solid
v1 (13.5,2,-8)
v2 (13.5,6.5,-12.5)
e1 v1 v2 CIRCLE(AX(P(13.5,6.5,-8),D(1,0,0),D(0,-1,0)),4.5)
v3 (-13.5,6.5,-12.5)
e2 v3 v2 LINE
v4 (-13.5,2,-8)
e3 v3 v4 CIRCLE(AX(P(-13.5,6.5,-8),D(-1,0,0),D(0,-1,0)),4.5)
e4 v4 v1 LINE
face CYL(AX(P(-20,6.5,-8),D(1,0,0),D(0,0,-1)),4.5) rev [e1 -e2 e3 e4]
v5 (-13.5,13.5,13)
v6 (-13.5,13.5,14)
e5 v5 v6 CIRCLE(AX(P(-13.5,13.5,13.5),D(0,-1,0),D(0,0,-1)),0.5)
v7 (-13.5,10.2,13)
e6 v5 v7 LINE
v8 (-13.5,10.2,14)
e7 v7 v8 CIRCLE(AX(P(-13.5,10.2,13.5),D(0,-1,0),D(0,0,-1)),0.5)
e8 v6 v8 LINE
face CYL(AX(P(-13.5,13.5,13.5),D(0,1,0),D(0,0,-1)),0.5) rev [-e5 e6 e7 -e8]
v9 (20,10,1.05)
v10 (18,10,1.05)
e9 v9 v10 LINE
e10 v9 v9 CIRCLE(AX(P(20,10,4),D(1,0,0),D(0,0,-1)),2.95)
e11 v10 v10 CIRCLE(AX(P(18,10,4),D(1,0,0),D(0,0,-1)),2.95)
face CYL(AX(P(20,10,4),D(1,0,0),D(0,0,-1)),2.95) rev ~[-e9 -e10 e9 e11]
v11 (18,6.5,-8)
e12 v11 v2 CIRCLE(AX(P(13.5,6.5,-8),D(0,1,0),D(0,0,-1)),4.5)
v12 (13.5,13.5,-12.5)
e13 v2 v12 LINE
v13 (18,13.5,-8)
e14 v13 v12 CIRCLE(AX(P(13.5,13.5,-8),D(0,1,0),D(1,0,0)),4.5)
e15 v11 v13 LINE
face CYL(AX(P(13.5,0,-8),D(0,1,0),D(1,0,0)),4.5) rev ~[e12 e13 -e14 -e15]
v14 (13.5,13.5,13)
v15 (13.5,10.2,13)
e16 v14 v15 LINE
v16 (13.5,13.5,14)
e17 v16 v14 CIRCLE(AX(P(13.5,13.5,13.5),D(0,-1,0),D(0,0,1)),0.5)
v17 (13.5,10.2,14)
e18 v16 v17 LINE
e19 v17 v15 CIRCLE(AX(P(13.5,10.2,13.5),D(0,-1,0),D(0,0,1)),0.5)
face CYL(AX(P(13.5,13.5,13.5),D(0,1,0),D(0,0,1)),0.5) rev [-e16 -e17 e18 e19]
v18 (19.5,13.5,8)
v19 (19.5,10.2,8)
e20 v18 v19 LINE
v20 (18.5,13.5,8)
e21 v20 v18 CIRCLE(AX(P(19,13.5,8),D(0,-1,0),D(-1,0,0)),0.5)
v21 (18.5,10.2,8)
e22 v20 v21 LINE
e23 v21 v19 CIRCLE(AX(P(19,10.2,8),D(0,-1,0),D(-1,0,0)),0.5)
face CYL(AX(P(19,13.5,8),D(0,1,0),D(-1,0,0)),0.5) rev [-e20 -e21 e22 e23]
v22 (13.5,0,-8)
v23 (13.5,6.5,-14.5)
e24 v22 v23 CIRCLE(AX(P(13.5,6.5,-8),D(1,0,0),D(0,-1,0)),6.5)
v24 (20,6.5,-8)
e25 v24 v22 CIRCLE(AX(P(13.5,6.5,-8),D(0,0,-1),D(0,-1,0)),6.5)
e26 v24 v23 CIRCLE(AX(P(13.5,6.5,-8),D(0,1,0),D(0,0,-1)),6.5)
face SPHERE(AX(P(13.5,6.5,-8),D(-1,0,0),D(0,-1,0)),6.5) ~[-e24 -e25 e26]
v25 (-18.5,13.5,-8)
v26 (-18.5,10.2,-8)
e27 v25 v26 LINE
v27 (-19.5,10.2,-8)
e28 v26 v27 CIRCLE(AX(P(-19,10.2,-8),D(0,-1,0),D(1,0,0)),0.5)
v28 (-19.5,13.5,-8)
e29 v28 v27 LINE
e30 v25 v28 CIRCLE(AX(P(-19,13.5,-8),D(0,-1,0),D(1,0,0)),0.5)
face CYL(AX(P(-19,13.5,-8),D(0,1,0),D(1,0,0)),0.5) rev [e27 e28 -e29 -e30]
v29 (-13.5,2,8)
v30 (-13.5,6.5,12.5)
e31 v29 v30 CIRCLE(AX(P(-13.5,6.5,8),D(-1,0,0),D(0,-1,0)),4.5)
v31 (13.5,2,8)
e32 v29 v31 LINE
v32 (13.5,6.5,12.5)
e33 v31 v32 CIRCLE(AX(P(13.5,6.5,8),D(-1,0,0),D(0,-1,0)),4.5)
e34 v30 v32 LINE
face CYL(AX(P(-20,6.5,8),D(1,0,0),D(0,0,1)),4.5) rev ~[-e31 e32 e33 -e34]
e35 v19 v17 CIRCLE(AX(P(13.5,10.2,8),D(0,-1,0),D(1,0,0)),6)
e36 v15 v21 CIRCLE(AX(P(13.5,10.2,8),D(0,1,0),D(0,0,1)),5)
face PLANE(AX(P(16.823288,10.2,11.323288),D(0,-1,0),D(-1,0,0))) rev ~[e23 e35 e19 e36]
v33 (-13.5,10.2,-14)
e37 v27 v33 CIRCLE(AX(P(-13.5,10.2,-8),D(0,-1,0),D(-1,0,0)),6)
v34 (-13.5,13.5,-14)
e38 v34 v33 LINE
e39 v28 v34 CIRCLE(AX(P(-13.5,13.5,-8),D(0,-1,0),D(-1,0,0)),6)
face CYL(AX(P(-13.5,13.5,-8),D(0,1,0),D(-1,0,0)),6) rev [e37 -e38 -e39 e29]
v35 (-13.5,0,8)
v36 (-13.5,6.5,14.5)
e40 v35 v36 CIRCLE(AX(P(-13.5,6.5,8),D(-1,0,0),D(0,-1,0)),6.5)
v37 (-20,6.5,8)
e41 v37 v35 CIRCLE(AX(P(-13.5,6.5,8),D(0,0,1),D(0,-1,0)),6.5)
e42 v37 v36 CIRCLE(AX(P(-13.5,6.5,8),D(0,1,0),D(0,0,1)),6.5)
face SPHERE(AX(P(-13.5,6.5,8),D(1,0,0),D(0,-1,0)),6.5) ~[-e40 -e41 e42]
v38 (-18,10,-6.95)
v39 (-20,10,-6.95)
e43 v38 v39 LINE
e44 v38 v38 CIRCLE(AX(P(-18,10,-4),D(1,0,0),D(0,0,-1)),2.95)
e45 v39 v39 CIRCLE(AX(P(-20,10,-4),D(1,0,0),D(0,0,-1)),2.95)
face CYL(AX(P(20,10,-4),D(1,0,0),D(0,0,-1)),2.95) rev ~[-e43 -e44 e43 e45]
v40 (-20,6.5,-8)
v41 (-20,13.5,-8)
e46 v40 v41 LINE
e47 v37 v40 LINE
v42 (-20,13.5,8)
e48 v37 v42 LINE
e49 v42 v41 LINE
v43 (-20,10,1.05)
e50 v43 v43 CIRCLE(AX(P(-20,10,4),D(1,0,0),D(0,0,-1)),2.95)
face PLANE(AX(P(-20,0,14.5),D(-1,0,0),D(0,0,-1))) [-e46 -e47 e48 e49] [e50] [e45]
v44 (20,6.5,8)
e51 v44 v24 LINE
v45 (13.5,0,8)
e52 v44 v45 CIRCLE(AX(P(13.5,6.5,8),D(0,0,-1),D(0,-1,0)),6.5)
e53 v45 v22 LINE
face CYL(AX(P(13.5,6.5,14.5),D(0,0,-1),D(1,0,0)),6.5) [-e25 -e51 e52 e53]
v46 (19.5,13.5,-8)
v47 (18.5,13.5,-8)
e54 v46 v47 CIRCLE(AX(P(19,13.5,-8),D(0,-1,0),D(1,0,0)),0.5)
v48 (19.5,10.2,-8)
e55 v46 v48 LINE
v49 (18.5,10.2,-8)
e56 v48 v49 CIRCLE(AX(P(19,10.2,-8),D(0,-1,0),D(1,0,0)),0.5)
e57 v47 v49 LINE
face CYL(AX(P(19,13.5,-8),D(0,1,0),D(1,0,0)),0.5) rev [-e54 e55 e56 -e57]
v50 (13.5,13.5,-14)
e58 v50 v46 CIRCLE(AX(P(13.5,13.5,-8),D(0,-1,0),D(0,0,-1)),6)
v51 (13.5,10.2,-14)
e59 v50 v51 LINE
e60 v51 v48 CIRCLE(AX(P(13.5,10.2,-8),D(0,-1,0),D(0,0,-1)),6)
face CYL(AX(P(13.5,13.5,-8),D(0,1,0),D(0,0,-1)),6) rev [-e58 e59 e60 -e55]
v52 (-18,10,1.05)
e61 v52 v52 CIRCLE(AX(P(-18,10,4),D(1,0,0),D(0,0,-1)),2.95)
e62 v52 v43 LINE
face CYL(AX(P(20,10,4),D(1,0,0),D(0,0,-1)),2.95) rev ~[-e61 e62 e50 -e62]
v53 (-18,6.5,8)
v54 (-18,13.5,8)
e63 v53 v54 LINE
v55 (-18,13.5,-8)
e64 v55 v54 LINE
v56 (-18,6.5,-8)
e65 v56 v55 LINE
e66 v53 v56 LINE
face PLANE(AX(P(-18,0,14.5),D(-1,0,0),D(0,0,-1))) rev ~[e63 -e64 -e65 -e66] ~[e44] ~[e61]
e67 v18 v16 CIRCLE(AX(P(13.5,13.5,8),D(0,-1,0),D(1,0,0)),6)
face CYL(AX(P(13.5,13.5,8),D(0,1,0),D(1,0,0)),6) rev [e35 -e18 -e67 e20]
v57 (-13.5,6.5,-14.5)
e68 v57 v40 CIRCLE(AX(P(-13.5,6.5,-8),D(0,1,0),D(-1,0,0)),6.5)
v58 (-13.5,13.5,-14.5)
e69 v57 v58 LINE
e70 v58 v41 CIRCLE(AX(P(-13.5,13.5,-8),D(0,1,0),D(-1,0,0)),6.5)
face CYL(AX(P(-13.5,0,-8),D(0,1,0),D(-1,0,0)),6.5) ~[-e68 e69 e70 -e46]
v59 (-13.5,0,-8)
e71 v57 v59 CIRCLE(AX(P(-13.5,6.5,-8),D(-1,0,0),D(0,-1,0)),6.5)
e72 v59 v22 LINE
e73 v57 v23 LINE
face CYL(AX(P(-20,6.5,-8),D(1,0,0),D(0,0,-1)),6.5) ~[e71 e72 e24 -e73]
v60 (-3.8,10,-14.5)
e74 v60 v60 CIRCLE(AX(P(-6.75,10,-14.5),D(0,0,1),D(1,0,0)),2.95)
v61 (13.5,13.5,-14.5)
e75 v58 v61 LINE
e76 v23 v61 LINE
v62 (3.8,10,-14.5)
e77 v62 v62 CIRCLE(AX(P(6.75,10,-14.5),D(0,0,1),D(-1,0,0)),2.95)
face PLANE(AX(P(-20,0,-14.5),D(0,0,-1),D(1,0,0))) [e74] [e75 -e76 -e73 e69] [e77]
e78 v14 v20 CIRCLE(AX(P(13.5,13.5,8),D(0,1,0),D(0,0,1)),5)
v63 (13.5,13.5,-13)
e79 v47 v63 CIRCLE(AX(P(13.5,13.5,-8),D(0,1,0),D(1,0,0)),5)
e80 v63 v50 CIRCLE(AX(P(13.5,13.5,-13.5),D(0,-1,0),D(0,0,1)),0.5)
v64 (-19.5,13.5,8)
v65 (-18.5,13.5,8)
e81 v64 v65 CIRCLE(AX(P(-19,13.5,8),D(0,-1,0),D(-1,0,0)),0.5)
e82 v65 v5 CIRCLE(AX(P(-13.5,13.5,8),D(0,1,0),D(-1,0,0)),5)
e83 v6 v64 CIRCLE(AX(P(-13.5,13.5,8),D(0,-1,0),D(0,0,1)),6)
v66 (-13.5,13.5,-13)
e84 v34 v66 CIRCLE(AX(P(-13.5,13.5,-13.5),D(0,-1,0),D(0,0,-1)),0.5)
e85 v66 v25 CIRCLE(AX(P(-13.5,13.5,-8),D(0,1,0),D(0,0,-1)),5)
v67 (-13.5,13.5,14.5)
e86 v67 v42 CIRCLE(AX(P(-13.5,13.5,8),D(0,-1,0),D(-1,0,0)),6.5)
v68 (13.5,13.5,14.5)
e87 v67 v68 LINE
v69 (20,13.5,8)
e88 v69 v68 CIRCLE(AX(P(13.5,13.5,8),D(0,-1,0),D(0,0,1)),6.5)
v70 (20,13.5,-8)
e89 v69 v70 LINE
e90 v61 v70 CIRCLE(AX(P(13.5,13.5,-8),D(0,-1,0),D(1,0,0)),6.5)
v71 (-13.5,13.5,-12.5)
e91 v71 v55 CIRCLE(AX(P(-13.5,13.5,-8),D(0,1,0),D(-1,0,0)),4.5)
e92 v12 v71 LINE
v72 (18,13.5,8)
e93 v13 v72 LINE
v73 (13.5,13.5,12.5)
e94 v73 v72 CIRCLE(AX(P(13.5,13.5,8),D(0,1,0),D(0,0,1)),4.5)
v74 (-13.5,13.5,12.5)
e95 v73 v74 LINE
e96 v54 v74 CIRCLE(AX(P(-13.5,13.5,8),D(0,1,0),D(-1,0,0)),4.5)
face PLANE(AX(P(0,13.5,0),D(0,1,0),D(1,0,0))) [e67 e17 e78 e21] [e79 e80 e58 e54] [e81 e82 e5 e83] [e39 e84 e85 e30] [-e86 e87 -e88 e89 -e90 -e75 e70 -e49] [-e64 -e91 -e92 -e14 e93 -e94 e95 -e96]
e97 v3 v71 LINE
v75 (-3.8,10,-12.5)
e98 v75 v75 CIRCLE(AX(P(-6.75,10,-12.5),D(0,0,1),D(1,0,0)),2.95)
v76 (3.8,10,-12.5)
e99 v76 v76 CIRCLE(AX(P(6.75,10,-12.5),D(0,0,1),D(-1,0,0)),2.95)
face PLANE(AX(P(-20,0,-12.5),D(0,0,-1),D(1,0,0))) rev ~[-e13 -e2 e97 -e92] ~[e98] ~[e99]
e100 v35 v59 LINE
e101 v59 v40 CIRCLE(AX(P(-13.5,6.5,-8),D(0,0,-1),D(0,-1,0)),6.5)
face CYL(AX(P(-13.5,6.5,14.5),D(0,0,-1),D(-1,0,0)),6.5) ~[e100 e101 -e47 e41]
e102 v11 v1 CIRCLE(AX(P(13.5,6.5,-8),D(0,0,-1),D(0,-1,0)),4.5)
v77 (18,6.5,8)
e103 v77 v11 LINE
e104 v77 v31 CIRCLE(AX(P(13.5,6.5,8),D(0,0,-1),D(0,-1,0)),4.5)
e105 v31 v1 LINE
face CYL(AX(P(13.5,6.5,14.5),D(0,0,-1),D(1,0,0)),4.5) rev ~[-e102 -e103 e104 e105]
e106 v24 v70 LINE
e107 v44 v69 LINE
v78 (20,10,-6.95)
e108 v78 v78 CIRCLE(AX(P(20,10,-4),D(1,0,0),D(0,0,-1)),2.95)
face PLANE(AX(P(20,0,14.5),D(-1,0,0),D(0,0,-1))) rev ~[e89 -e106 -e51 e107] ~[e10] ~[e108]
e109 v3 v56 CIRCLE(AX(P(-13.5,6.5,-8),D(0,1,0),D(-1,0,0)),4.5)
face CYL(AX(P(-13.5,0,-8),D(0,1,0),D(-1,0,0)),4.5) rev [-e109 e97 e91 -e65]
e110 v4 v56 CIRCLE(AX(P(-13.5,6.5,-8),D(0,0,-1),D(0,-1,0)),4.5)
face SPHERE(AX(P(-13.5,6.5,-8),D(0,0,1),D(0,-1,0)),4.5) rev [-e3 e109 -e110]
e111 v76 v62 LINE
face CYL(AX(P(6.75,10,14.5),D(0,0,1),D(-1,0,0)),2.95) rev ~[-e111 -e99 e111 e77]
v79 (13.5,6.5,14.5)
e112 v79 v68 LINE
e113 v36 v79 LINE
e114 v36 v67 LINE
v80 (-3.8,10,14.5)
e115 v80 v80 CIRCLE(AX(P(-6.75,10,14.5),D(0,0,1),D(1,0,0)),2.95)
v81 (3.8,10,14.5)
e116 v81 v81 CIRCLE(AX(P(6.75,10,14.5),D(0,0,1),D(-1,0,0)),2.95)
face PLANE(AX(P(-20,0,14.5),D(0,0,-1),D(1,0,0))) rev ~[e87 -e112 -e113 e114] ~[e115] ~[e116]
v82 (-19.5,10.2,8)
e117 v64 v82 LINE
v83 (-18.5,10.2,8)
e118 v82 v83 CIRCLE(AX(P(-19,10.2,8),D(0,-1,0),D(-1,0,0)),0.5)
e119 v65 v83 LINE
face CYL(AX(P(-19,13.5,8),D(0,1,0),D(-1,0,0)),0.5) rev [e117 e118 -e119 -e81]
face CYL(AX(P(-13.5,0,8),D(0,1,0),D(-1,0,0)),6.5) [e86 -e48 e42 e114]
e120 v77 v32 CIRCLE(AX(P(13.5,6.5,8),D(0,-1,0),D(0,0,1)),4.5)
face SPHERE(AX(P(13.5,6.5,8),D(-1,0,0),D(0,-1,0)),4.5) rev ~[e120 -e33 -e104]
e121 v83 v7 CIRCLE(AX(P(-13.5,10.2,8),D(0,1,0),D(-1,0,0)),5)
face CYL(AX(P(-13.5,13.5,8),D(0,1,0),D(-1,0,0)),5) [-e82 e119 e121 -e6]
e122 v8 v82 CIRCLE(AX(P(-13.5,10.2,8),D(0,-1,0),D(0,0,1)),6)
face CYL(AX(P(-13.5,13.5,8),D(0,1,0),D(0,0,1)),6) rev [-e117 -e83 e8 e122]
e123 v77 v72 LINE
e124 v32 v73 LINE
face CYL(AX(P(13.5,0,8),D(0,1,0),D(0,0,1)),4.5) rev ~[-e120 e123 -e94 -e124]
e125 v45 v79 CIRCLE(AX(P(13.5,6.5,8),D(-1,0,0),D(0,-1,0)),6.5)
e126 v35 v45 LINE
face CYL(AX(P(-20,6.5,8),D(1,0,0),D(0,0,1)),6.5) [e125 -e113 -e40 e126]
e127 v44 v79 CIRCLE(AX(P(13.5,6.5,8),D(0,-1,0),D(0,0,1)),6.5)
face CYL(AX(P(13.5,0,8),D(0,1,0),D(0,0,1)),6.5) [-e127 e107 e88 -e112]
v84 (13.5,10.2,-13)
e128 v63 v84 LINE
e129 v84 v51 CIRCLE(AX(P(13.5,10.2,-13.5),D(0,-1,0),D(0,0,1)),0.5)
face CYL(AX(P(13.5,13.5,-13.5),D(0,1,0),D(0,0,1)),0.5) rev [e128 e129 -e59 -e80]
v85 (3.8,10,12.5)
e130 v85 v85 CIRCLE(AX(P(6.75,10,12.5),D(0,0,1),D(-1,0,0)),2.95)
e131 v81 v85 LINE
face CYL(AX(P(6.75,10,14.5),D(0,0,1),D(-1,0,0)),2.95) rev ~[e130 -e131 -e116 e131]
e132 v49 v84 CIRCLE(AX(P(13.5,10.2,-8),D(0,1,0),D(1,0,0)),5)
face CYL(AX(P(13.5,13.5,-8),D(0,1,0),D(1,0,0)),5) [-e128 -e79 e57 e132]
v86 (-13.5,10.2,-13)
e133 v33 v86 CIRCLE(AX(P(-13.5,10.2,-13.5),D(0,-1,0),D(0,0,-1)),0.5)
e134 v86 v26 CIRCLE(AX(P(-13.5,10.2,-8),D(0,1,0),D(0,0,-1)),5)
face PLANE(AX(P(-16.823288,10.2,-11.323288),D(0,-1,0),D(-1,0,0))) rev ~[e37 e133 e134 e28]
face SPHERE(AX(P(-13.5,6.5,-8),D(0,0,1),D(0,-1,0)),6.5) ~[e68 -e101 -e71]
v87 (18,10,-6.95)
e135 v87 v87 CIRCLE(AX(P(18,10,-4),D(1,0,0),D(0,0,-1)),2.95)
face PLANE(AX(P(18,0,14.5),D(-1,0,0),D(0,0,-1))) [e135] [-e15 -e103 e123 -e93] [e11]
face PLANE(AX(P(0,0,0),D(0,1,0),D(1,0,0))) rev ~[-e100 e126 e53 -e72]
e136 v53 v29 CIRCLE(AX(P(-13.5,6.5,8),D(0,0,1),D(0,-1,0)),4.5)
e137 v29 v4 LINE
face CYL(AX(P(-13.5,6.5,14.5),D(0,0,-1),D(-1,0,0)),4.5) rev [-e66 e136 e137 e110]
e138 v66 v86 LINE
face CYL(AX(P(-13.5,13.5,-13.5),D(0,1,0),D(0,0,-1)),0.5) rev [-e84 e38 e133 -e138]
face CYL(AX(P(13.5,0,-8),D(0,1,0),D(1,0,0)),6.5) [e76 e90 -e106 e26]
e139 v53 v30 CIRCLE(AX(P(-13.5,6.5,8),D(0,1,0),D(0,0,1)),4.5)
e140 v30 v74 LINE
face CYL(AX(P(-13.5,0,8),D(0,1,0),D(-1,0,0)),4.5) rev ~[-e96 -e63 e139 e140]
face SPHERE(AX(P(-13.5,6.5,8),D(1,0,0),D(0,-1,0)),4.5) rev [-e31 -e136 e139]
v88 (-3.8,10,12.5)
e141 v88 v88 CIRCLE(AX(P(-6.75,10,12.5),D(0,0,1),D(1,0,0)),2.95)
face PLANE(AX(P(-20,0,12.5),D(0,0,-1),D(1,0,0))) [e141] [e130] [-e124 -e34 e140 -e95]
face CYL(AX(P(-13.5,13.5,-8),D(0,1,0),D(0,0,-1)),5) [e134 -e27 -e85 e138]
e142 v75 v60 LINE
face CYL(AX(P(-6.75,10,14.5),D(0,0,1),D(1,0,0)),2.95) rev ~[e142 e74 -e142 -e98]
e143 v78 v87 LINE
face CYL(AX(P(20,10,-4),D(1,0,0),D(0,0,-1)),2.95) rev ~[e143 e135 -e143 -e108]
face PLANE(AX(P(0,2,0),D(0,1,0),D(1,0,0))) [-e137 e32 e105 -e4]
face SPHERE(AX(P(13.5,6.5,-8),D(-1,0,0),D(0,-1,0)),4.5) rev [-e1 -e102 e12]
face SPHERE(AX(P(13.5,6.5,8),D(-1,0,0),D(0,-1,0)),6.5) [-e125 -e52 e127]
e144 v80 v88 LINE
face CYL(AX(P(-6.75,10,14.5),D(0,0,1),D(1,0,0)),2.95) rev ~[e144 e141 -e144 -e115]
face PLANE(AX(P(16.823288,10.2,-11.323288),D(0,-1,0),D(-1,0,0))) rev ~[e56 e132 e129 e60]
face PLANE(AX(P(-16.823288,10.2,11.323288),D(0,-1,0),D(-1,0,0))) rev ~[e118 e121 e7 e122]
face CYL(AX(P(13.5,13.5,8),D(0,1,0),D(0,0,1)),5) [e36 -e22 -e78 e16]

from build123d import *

# Parameters (mm, degrees)
SKETCH1_W               = 40
SKETCH1_H               = 29
BOSS_EXTRUDE1_DEPTH     = 20
FILLET2_R               = 6.5
SKETCH6_W               = 47.866272002
SKETCH6_H               = 35.823148672
CUT_EXTRUDE6_DEPTH      = 7.5
SHELL1_T                = -2
SKETCH7_R               = 2.95
CUT_EXTRUDE7_DEPTH      = 1
CUT_EXTRUDE7_DEPTH_BACK = 41
SKETCH8_R               = 2.95
CUT_EXTRUDE8_DEPTH      = 30
CUT_EXTRUDE10_DEPTH     = 3.3


with BuildPart() as part:
    # Sketch1 → Boss-Extrude1 (new body)
    with BuildSketch(Plane(origin=(0, 0, 0), x_dir=(1, 0, 0), z_dir=(0, 1, 0))):
        Rectangle(SKETCH1_W, SKETCH1_H)
    extrude(amount=BOSS_EXTRUDE1_DEPTH)

    # Fillet2
    fillet2_edges = [part.edges().sort_by_distance(p)[0] for p in [
        (-20, 20, 0),
        (0, 20, 14.5),
        (20, 20, 0),
        (0, 0, 14.5),
        (-20, 0, 0),
        (0, 0, -14.5),
        (20, 0, 0),
        (20, 10, 14.5),
        (-20, 10, 14.5),
        (-20, 10, -14.5),
        (20, 10, -14.5),
        (0, 20, -14.5),
    ]]
    fillet(fillet2_edges, radius=FILLET2_R)

    # Sketch6 → Cut-Extrude6 (cut, through all)
    with BuildSketch(Plane(origin=(0, 13.5, 0), x_dir=(1, 0, 0), z_dir=(0, 1, 0))):
        Rectangle(SKETCH6_W, SKETCH6_H)
    extrude(amount=CUT_EXTRUDE6_DEPTH, mode=Mode.SUBTRACT)

    # Shell1
    shell1_openings = [part.faces().sort_by_distance(p)[0] for p in [
        (0, 13.5, 0),
    ]]
    offset(amount=SHELL1_T, openings=shell1_openings, kind=Kind.INTERSECTION)

    # Sketch7 → Cut-Extrude7 (cut, two sides)
    with BuildSketch(Plane(origin=(20, 0, 0), x_dir=(0, 0, -1), z_dir=(1, 0, 0))) as cut_extrude7_sk:
        with Locations((4, 10)):
            Circle(SKETCH7_R)
        with Locations((-4, 10)):
            Circle(SKETCH7_R)
    extrude(amount=CUT_EXTRUDE7_DEPTH, mode=Mode.SUBTRACT)
    extrude(cut_extrude7_sk.sketch, amount=-CUT_EXTRUDE7_DEPTH_BACK, mode=Mode.SUBTRACT)

    # Sketch8 → Cut-Extrude8 (cut, through all)
    with BuildSketch(Plane.XY.offset(14.5)):
        with Locations((-6.75, 10)):
            Circle(SKETCH8_R)
        with Locations(Location((6.75, 10, 0), (0, 0, 180))):  # turned: the seam where the file's is
            Circle(SKETCH8_R)
    extrude(amount=-CUT_EXTRUDE8_DEPTH, mode=Mode.SUBTRACT)

    # Sketch10 → Cut-Extrude10 (cut)
    with BuildSketch(Plane(origin=(0, 13.5, 0), x_dir=(1, 0, 0), z_dir=(0, 1, 0))):
        with BuildLine():
            ThreePointArc((-18.5, -8), (-17.035533906, -11.535533906), (-13.5, -13))
            ThreePointArc((-13.5, -13), (-13, -13.5), (-13.5, -14))
            ThreePointArc((-13.5, -14), (-17.742640687, -12.242640687), (-19.5, -8))
            ThreePointArc((-19.5, -8), (-19, -7.5), (-18.5, -8))
        make_face()
        with BuildLine():
            ThreePointArc((-13.5, 13), (-17.035533906, 11.535533906), (-18.5, 8))
            ThreePointArc((-18.5, 8), (-19, 7.5), (-19.5, 8))
            ThreePointArc((-19.5, 8), (-17.742640687, 12.242640687), (-13.5, 14))
            ThreePointArc((-13.5, 14), (-13, 13.5), (-13.5, 13))
        make_face()
        with BuildLine():
            ThreePointArc((18.5, 8), (17.035533906, 11.535533906), (13.5, 13))
            ThreePointArc((13.5, 13), (13, 13.5), (13.5, 14))
            ThreePointArc((13.5, 14), (17.742640687, 12.242640687), (19.5, 8))
            ThreePointArc((19.5, 8), (19, 7.5), (18.5, 8))
        make_face()
        with BuildLine():
            ThreePointArc((13.5, -13), (17.035533906, -11.535533906), (18.5, -8))
            ThreePointArc((18.5, -8), (19, -7.5), (19.5, -8))
            ThreePointArc((19.5, -8), (17.742640687, -12.242640687), (13.5, -14))
            ThreePointArc((13.5, -14), (13, -13.5), (13.5, -13))
        make_face()
    extrude(amount=-CUT_EXTRUDE10_DEPTH, mode=Mode.SUBTRACT)


solid = part.part
